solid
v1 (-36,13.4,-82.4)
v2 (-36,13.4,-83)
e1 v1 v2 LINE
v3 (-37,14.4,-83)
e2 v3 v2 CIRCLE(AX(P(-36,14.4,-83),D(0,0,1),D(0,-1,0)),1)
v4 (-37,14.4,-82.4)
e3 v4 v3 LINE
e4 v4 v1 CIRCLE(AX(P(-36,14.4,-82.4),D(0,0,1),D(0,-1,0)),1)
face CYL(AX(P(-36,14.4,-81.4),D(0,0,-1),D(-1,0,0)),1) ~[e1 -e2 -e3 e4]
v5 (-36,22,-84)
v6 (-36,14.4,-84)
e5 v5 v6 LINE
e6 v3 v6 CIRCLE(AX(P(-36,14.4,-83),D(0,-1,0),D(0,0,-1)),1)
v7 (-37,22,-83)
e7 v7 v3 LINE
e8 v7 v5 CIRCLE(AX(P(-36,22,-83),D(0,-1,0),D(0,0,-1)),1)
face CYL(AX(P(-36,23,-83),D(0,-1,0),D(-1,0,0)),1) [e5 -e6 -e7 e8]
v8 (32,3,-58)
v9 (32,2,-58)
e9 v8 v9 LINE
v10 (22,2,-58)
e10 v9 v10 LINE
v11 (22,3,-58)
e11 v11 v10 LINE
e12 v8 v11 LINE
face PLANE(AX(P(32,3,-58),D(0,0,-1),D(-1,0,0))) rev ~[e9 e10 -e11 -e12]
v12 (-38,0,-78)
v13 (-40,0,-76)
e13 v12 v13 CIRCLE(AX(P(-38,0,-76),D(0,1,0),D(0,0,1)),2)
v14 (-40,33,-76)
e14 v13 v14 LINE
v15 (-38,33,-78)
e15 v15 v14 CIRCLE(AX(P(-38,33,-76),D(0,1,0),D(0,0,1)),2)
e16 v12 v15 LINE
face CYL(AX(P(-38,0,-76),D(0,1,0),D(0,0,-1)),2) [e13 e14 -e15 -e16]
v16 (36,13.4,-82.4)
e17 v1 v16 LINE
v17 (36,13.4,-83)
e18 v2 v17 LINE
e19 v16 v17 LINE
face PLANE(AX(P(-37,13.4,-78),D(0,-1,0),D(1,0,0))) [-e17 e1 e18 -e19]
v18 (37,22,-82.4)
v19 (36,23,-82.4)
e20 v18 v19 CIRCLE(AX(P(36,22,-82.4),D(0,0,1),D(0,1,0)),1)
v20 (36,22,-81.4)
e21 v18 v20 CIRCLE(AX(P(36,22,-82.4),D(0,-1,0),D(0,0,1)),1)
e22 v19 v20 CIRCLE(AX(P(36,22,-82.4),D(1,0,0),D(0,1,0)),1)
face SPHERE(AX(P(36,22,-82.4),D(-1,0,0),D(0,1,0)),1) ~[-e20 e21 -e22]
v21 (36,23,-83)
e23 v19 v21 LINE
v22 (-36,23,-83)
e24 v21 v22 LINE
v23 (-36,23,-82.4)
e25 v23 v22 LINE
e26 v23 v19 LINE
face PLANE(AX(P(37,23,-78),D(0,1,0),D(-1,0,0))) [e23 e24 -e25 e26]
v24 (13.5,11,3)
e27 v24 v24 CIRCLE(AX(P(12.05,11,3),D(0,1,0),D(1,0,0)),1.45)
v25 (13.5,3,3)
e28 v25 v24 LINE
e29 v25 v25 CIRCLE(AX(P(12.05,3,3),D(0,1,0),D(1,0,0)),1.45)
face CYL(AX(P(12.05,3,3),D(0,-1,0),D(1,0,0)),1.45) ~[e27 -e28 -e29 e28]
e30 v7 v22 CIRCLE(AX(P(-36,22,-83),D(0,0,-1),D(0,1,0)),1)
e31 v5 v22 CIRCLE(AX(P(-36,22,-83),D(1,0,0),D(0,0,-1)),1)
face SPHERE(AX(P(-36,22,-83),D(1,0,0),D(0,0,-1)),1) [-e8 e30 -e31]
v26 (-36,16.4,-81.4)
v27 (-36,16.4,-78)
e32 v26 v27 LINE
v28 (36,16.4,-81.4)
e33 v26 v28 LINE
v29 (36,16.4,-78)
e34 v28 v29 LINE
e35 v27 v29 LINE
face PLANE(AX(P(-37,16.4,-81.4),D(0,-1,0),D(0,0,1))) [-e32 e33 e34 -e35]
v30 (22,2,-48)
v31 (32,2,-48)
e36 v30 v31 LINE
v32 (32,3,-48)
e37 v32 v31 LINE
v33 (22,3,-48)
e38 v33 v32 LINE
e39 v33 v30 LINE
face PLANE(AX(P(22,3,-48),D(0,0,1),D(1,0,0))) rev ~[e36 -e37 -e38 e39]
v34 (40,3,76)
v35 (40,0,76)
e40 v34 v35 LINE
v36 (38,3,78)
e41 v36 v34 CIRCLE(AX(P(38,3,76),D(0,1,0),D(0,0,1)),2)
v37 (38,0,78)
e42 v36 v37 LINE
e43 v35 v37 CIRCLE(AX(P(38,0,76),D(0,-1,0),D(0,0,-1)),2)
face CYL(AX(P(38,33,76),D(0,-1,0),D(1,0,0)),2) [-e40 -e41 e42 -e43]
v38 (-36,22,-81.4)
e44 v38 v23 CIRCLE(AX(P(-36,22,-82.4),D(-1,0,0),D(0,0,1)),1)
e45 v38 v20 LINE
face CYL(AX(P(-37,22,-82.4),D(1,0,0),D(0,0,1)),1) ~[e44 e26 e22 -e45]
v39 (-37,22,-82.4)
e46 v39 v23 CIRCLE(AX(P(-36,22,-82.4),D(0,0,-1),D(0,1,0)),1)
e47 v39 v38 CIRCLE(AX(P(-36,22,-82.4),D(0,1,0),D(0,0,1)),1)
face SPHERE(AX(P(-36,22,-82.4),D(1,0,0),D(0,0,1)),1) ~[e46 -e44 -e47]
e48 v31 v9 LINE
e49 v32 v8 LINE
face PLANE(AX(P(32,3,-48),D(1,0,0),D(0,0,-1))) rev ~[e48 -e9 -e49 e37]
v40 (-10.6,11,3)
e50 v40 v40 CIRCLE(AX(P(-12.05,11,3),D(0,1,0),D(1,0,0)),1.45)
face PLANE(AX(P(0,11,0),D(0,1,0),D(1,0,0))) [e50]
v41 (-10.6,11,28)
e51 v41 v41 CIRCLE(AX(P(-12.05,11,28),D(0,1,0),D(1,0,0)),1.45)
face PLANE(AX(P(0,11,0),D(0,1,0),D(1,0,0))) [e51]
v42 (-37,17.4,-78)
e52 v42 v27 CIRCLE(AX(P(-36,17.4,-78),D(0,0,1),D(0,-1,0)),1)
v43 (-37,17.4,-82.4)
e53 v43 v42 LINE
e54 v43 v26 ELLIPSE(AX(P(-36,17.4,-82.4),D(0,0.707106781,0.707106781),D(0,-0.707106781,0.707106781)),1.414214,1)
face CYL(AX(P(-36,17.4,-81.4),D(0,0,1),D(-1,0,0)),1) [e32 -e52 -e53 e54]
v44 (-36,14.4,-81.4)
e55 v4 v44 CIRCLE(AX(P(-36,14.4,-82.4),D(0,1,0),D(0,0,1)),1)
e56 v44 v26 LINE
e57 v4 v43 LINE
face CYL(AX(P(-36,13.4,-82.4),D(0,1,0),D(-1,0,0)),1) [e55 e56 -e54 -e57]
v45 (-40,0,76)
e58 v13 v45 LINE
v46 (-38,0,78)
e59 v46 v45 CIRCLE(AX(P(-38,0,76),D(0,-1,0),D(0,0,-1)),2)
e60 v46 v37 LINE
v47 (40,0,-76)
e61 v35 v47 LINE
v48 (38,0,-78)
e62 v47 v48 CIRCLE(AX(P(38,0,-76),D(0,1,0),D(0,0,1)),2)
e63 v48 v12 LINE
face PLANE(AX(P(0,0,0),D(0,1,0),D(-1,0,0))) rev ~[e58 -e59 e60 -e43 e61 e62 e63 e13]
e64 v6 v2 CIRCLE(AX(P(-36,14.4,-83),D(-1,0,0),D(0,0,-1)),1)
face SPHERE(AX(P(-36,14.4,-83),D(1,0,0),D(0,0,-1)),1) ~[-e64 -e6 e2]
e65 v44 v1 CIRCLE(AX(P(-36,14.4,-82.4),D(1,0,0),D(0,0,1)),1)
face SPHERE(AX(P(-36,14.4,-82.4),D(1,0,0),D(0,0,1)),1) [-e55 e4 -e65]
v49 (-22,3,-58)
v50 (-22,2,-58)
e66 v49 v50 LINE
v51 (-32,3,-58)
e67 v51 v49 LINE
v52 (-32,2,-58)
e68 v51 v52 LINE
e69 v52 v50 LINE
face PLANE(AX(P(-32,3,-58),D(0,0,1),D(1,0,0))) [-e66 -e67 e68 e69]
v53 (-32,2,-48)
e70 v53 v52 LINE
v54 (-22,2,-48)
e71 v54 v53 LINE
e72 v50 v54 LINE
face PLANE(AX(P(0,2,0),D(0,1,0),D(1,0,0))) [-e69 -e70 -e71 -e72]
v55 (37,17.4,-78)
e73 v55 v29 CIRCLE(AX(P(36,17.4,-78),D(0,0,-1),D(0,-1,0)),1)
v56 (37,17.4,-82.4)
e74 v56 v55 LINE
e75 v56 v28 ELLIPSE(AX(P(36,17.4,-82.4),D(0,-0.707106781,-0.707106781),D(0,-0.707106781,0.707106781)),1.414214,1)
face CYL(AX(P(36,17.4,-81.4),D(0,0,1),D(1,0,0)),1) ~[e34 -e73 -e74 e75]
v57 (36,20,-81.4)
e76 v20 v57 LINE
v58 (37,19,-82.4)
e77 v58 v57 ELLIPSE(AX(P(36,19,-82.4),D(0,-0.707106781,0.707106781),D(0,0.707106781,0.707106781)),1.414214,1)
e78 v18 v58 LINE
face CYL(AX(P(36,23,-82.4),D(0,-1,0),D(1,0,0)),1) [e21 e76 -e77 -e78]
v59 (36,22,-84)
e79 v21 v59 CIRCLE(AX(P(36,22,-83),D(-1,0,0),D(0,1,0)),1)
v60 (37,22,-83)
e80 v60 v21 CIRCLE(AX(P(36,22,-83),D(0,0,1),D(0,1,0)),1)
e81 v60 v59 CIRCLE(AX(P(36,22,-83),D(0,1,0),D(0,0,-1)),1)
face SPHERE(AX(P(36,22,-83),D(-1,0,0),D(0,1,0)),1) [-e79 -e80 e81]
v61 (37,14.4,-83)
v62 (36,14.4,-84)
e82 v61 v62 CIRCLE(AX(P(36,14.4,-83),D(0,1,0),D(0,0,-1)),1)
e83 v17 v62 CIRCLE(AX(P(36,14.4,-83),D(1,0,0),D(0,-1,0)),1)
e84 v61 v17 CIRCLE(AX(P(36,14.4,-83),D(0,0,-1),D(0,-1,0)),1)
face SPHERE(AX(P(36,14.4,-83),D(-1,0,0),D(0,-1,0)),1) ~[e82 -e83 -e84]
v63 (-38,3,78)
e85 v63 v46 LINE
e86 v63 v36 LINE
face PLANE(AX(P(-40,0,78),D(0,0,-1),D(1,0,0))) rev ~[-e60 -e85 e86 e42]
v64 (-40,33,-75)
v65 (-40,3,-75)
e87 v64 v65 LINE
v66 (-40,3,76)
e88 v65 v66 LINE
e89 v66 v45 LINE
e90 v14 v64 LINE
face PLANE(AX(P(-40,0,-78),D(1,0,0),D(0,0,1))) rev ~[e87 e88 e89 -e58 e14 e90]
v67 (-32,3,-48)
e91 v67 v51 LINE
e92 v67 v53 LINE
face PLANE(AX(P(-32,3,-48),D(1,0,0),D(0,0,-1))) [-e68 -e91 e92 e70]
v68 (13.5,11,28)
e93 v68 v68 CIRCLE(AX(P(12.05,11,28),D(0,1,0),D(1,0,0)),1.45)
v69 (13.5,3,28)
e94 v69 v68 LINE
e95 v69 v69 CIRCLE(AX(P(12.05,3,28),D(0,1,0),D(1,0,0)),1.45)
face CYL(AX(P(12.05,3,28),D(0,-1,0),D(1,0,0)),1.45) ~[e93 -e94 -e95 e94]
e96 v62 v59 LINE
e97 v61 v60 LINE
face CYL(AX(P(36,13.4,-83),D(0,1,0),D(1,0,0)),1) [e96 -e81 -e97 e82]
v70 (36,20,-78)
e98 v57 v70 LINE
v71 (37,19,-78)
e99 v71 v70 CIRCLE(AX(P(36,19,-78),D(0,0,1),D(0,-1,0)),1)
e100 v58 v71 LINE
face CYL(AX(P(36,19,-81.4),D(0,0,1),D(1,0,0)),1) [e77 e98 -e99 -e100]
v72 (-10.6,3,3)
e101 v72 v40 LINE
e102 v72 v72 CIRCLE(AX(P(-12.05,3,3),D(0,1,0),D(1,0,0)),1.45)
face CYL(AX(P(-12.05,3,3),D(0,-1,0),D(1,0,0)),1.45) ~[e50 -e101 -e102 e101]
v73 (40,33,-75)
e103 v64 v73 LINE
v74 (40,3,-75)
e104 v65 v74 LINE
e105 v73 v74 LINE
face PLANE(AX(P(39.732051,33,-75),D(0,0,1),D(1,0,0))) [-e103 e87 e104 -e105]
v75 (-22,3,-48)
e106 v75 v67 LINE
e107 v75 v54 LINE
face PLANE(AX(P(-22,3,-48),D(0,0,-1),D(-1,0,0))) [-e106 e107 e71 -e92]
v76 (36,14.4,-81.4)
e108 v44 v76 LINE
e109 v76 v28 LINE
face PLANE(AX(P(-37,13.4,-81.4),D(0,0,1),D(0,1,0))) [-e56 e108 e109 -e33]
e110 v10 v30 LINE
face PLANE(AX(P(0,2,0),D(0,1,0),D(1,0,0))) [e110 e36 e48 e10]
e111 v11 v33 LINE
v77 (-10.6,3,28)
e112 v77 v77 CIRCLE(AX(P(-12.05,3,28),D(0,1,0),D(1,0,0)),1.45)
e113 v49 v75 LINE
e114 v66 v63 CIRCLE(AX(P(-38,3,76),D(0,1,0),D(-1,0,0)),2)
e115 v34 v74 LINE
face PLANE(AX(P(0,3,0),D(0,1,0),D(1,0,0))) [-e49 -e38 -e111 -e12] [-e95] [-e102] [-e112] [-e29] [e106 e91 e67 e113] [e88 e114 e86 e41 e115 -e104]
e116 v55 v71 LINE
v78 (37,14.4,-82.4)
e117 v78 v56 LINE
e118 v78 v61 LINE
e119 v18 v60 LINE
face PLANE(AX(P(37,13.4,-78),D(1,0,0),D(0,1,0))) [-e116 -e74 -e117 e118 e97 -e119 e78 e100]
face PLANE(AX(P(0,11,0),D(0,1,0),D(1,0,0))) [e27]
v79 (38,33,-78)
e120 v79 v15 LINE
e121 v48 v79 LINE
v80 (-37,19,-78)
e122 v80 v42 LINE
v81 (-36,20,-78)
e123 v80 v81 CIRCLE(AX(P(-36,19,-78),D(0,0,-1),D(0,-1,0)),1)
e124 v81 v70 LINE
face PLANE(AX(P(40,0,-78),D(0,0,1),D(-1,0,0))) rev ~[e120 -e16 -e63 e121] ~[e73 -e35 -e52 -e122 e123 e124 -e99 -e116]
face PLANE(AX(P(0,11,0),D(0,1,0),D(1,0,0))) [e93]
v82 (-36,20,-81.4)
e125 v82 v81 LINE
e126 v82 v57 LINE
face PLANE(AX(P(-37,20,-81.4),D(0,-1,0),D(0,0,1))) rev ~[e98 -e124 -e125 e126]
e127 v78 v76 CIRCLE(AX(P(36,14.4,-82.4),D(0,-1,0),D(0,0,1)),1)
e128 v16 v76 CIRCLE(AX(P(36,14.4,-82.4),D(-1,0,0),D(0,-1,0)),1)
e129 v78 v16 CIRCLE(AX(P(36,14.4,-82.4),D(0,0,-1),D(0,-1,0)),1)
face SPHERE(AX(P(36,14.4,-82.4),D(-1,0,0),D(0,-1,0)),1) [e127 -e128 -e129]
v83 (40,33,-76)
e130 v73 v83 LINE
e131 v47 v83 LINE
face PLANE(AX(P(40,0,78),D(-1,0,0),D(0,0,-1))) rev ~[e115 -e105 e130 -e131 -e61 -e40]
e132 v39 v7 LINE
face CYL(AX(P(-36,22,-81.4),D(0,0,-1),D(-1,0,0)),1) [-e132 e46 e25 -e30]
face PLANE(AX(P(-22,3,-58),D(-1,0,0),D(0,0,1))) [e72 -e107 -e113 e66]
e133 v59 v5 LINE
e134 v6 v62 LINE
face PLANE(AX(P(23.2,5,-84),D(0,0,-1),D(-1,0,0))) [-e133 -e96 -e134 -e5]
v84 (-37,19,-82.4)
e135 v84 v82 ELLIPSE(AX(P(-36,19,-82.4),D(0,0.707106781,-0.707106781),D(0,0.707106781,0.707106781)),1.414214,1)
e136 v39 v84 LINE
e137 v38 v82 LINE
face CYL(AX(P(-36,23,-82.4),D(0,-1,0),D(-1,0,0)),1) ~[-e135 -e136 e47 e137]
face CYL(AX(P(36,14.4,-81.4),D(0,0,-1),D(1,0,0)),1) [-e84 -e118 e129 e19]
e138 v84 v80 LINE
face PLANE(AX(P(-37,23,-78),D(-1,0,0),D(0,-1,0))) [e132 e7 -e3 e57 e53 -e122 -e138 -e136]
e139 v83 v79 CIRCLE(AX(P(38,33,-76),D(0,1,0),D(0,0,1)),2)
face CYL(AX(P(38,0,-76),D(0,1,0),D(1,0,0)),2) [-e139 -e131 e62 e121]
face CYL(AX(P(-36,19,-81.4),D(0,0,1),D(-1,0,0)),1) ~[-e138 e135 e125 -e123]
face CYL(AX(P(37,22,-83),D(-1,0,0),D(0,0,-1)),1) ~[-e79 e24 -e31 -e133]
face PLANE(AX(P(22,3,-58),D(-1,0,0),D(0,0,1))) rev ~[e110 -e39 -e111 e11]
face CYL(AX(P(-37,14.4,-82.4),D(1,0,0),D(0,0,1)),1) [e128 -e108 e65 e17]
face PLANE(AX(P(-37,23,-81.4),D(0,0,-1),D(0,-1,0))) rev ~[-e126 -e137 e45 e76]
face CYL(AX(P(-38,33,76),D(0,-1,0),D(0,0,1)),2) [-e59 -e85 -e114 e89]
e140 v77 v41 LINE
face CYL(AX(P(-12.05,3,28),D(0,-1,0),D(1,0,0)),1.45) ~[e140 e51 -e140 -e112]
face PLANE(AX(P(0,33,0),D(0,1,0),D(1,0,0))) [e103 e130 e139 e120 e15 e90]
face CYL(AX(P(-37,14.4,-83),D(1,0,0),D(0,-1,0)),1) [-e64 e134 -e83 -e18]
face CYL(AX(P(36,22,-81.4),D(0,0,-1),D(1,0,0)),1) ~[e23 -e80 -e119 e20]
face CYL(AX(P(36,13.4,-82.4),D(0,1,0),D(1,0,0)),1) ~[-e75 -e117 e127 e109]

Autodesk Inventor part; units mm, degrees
ref_plane "YZ Plane" through (0, 0, 0) normal (1, 0, 0) x (0, 1, 0)
ref_plane "XZ Plane" through (0, 0, 0) normal (0, 1, 0) x (-1, 0, 0)
ref_plane "XY Plane" through (0, 0, 0) normal (0, 0, 1) x (1, 0, 0)
sketch "Sketch1" plane through (0, 0, 0) normal (0, 1, 0) x (-1, 0, 0)
  line L0 (-40, -78) -> (40, -78)
  line L1 (40, -78) -> (40, 78)
  line L2 (40, 78) -> (-40, 78)
  line L3 (-40, 78) -> (-40, -78)
  line L4 (-40, -78) -> (40, 78) construction
  line L5 (40, -78) -> (-40, 78) construction
  point P0 (0, 0)
  dimension "d0" = 80
  dimension "d1" = 156
extrude "Extrusion1" add sketch "Sketch1" along normal blind 3
sketch "Sketch2" plane through (0, 3, 0) normal (0, 1, 0) x (1, 0, 0)
  line L0 (-40, 78) -> (-40, -78) projected
  line L1 (-40, -78) -> (40, -78) projected
  line L2 (40, -78) -> (40, 78) projected
  line L3 (40, 78) -> (-40, 78) projected
  line L4 (40, 78) -> (-40, 78)
  line L5 (-40, 78) -> (-40, -78)
  line L6 (-40, -78) -> (40, -78)
  line L7 (40, -78) -> (40, 78)
  line L8 (40, 78) -> (-40, -78) construction
  line L9 (-40, 78) -> (40, -78) construction
  line L10 (37, 75) -> (-37, 75)
  line L11 (-37, 75) -> (-37, -75)
  line L12 (-37, -75) -> (37, -75)
  line L13 (37, -75) -> (37, 75)
  line L14 (37, 75) -> (-37, -75) construction
  line L15 (-37, 75) -> (37, -75) construction
  point P0 (0, 0)
  dimension "d4" = 0
  dimension "d5" = 0
  dimension "d6" = 3
  dimension "d7" = 3
extrude "Extrusion2" add sketch "Sketch2" along normal blind 30
fillet "Fillet1" radius 2 4 edges at (40, 16.5, 78) (40, 16.5, -78) (-40, 16.5, 78) (-40, 16.5, -78)
sketch "Sketch13" plane through (23.2, 5, -78) normal (0, 0, -1) x (-1, 0, 0)
  line L0 (-13.8, 18) -> (60.2, 18)
  line L1 (60.2, 18) -> (60.2, 8.4)
  line L2 (60.2, 8.4) -> (-13.8, 8.4)
  line L3 (-13.8, 8.4) -> (-13.8, 18)
  line L4 (63.2, -5) -> (63.2, 28) projected
  line L5 (-16.8, 28) -> (-16.8, -5) projected
  line L6 (-14.8, -5) -> (61.2, -5) projected
  point P0 (23.2, -5)
  point P1 (51.4, 0)
  point P2 (-5, 0)
  point P3 (-16.8, -5)
  point P4 (63.2, 11.5)
  point P5 (60.2, 13.2)
  dimension "d131" = 9.6
  dimension "d146" = 3
  dimension "d147" = 3
  dimension "d156" = 23
extrude "Extrusion13" add sketch "Sketch13" along normal blind 6
sketch "Sketch14" plane through (-37, 13.4, -78) normal (-1, 0, 0) x (0, 0, 1)
  line L0 (0, 9.6) -> (0, 0) projected
  line L1 (0, 9.6) -> (-6, 9.6) projected
  line L2 (-6, 0) -> (-6, 9.6) projected
  line L3 (0, 0) -> (-6, 0) projected
  line L4 (0, 9.6) -> (-3.4, 9.6)
  line L5 (-3.4, 9.6) -> (-3.4, 6.6)
  line L6 (-3.4, 6.6) -> (0, 6.6)
  line L7 (0, 6.6) -> (0, 9.6)
  line L8 (0, 0) -> (-3.4, 0)
  line L9 (-3.4, 0) -> (-3.4, 3)
  line L10 (-3.4, 3) -> (0, 3)
  line L11 (0, 3) -> (0, 0)
  point P0 (78, -13.4)
  point P1 (0, 6.6)
  dimension "d137" = 3.4
  dimension "d138" = 3
  dimension "d139" = 3.4
  dimension "d140" = 3
extrude "Extrusion14" cut sketch "Sketch14" against normal up to surface (74 mm away) contours L0 L6 L5 L1 | L0 L3 L9 L10
fillet "Fillet5" radius 1 18 edges at (0, 23, -84) (0, 23, -81.4) (0, 13.4, -84) (0, 13.4, -81.4) (-37, 16.4, -79.7) (-37, 20, -79.7) (37, 16.4, -79.7) (37, 20, -79.7) (-37, 18.2, -84) (-37, 21.5, -81.4) (-37, 14.9, -81.4) (-37, 23, -82.7) (-37, 13.4, -82.7) (37, 23, -82.7) (37, 13.4, -82.7) (37, 14.9, -81.4) (37, 18.2, -84) (37, 21.5, -81.4)
sketch "Sketch16" plane through (0, 33, 0) normal (0, 1, 0) x (1, 0, 0)
  arc A0 (-38, 78) -> (-40, 76) centre (-38, 76) ccw projected
  line L0 (-40, 76) -> (-40, -76) projected
  arc A1 (-40, -76) -> (-38, -78) centre (-38, -76) ccw projected
  line L1 (-38, -78) -> (38, -78) projected
  arc A2 (38, -78) -> (40, -76) centre (38, -76) ccw projected
  line L2 (40, -76) -> (40, 76) projected
  arc A3 (40, 76) -> (38, 78) centre (38, 76) ccw projected
  line L3 (38, 78) -> (-38, 78) projected
  line L4 (37, 75) -> (37, -75) projected
  line L5 (37, -75) -> (-37, -75) projected
  line L6 (-37, -75) -> (-37, 75) projected
  line L7 (-37, 75) -> (37, 75) projected
  line L8 (-37, 75) -> (-40, 75)
  line L9 (37, 75) -> (40, 75)
  circle A4 centre (38, 76) radius 2
  circle A5 centre (-38, 76) radius 2
  point P0 (0, 0)
  point P1 (-39.7321, 75)
  point P2 (40, 76)
  point P3 (39.7321, 75)
  dimension "d180" = 4
  dimension "d181" = 4
extrude "Extrusion16" cut sketch "Sketch16" against normal blind 30 contours L8 A5 L6 L5 L4 A4 L9 L2 A2 L1 A1 L0 | L8 L6 A5 | A4 L4 L9
sketch "Sketch18" plane through (0, 3, 0) normal (0, 1, 0) x (1, 0, 0)
  line L0 (40, 75) -> (-40, 75) projected
  line L1 (38, -78) -> (-38, -78) projected
  line L2 (40, 75) -> (40, -76) projected
  line L3 (32, 58) -> (22, 58)
  line L4 (22, 58) -> (22, 48)
  line L5 (22, 48) -> (32, 48)
  line L6 (32, 48) -> (32, 58)
  line L7 (-22, 48) -> (-32, 48)
  line L8 (-32, 48) -> (-32, 58)
  line L9 (-32, 58) -> (-22, 58)
  line L10 (-22, 58) -> (-22, 48)
  line L11 (38, 78) -> (-38, 78) projected
  line L12 (-40, -76) -> (-40, 75) projected
  arc A0 (-40, -76) -> (-38, -78) centre (-38, -76) ccw projected
  arc A1 (38, -78) -> (40, -76) centre (38, -76) ccw projected
  dimension "d182" = 10
  dimension "d183" = 10
  dimension "d184" = 8
  dimension "d185" = 10
  dimension "d186" = 10
  dimension "d188" = 20
  dimension "d189" = 20
extrude "Extrusion18" cut sketch "Sketch18" against normal blind 1 contours L6 L5 L4 L3 | L7 L8 L9 L10
sketch "Sketch19" plane through (0, 3, 0) normal (0, 1, 0) x (1, 0, 0)
  line L0 (40, 75) -> (40, -76) projected
  line L1 (38, -78) -> (-38, -78) projected
  line L2 (-40, -76) -> (-40, 76) projected
  circle A0 centre (-12.05, -3) radius 1.45
  circle A1 centre (-12.05, -28) radius 1.45
  circle A2 centre (12.05, -3) radius 1.45
  circle A3 centre (12.05, -28) radius 1.45
  line L3 (-5, -54) -> (5, -54) projected
  line L4 (32, 58) -> (32, 48) projected
  line L5 (-32, 48) -> (-32, 58) projected
  point P0 (40, 76)
  point P1 (0, -54)
  point P2 (0, -54)
  point P3 (32, 53)
  point P4 (-32, 53)
  dimension "d215" = 2.9
  dimension "d216" = 2.9
  dimension "d217" = 2.9
  dimension "d218" = 2.9
  dimension "d219" = 25
  dimension "d220" = 25
  dimension "d221" = 24.1
  dimension "d222" = 12.05
  dimension "d223" = 12.05
  dimension "d224" = 56
  dimension "d225" = 56
extrude "Extrusion19" add sketch "Sketch19" along normal blind 8
properties part number "module_command" material "PC/ABS Plastic"
